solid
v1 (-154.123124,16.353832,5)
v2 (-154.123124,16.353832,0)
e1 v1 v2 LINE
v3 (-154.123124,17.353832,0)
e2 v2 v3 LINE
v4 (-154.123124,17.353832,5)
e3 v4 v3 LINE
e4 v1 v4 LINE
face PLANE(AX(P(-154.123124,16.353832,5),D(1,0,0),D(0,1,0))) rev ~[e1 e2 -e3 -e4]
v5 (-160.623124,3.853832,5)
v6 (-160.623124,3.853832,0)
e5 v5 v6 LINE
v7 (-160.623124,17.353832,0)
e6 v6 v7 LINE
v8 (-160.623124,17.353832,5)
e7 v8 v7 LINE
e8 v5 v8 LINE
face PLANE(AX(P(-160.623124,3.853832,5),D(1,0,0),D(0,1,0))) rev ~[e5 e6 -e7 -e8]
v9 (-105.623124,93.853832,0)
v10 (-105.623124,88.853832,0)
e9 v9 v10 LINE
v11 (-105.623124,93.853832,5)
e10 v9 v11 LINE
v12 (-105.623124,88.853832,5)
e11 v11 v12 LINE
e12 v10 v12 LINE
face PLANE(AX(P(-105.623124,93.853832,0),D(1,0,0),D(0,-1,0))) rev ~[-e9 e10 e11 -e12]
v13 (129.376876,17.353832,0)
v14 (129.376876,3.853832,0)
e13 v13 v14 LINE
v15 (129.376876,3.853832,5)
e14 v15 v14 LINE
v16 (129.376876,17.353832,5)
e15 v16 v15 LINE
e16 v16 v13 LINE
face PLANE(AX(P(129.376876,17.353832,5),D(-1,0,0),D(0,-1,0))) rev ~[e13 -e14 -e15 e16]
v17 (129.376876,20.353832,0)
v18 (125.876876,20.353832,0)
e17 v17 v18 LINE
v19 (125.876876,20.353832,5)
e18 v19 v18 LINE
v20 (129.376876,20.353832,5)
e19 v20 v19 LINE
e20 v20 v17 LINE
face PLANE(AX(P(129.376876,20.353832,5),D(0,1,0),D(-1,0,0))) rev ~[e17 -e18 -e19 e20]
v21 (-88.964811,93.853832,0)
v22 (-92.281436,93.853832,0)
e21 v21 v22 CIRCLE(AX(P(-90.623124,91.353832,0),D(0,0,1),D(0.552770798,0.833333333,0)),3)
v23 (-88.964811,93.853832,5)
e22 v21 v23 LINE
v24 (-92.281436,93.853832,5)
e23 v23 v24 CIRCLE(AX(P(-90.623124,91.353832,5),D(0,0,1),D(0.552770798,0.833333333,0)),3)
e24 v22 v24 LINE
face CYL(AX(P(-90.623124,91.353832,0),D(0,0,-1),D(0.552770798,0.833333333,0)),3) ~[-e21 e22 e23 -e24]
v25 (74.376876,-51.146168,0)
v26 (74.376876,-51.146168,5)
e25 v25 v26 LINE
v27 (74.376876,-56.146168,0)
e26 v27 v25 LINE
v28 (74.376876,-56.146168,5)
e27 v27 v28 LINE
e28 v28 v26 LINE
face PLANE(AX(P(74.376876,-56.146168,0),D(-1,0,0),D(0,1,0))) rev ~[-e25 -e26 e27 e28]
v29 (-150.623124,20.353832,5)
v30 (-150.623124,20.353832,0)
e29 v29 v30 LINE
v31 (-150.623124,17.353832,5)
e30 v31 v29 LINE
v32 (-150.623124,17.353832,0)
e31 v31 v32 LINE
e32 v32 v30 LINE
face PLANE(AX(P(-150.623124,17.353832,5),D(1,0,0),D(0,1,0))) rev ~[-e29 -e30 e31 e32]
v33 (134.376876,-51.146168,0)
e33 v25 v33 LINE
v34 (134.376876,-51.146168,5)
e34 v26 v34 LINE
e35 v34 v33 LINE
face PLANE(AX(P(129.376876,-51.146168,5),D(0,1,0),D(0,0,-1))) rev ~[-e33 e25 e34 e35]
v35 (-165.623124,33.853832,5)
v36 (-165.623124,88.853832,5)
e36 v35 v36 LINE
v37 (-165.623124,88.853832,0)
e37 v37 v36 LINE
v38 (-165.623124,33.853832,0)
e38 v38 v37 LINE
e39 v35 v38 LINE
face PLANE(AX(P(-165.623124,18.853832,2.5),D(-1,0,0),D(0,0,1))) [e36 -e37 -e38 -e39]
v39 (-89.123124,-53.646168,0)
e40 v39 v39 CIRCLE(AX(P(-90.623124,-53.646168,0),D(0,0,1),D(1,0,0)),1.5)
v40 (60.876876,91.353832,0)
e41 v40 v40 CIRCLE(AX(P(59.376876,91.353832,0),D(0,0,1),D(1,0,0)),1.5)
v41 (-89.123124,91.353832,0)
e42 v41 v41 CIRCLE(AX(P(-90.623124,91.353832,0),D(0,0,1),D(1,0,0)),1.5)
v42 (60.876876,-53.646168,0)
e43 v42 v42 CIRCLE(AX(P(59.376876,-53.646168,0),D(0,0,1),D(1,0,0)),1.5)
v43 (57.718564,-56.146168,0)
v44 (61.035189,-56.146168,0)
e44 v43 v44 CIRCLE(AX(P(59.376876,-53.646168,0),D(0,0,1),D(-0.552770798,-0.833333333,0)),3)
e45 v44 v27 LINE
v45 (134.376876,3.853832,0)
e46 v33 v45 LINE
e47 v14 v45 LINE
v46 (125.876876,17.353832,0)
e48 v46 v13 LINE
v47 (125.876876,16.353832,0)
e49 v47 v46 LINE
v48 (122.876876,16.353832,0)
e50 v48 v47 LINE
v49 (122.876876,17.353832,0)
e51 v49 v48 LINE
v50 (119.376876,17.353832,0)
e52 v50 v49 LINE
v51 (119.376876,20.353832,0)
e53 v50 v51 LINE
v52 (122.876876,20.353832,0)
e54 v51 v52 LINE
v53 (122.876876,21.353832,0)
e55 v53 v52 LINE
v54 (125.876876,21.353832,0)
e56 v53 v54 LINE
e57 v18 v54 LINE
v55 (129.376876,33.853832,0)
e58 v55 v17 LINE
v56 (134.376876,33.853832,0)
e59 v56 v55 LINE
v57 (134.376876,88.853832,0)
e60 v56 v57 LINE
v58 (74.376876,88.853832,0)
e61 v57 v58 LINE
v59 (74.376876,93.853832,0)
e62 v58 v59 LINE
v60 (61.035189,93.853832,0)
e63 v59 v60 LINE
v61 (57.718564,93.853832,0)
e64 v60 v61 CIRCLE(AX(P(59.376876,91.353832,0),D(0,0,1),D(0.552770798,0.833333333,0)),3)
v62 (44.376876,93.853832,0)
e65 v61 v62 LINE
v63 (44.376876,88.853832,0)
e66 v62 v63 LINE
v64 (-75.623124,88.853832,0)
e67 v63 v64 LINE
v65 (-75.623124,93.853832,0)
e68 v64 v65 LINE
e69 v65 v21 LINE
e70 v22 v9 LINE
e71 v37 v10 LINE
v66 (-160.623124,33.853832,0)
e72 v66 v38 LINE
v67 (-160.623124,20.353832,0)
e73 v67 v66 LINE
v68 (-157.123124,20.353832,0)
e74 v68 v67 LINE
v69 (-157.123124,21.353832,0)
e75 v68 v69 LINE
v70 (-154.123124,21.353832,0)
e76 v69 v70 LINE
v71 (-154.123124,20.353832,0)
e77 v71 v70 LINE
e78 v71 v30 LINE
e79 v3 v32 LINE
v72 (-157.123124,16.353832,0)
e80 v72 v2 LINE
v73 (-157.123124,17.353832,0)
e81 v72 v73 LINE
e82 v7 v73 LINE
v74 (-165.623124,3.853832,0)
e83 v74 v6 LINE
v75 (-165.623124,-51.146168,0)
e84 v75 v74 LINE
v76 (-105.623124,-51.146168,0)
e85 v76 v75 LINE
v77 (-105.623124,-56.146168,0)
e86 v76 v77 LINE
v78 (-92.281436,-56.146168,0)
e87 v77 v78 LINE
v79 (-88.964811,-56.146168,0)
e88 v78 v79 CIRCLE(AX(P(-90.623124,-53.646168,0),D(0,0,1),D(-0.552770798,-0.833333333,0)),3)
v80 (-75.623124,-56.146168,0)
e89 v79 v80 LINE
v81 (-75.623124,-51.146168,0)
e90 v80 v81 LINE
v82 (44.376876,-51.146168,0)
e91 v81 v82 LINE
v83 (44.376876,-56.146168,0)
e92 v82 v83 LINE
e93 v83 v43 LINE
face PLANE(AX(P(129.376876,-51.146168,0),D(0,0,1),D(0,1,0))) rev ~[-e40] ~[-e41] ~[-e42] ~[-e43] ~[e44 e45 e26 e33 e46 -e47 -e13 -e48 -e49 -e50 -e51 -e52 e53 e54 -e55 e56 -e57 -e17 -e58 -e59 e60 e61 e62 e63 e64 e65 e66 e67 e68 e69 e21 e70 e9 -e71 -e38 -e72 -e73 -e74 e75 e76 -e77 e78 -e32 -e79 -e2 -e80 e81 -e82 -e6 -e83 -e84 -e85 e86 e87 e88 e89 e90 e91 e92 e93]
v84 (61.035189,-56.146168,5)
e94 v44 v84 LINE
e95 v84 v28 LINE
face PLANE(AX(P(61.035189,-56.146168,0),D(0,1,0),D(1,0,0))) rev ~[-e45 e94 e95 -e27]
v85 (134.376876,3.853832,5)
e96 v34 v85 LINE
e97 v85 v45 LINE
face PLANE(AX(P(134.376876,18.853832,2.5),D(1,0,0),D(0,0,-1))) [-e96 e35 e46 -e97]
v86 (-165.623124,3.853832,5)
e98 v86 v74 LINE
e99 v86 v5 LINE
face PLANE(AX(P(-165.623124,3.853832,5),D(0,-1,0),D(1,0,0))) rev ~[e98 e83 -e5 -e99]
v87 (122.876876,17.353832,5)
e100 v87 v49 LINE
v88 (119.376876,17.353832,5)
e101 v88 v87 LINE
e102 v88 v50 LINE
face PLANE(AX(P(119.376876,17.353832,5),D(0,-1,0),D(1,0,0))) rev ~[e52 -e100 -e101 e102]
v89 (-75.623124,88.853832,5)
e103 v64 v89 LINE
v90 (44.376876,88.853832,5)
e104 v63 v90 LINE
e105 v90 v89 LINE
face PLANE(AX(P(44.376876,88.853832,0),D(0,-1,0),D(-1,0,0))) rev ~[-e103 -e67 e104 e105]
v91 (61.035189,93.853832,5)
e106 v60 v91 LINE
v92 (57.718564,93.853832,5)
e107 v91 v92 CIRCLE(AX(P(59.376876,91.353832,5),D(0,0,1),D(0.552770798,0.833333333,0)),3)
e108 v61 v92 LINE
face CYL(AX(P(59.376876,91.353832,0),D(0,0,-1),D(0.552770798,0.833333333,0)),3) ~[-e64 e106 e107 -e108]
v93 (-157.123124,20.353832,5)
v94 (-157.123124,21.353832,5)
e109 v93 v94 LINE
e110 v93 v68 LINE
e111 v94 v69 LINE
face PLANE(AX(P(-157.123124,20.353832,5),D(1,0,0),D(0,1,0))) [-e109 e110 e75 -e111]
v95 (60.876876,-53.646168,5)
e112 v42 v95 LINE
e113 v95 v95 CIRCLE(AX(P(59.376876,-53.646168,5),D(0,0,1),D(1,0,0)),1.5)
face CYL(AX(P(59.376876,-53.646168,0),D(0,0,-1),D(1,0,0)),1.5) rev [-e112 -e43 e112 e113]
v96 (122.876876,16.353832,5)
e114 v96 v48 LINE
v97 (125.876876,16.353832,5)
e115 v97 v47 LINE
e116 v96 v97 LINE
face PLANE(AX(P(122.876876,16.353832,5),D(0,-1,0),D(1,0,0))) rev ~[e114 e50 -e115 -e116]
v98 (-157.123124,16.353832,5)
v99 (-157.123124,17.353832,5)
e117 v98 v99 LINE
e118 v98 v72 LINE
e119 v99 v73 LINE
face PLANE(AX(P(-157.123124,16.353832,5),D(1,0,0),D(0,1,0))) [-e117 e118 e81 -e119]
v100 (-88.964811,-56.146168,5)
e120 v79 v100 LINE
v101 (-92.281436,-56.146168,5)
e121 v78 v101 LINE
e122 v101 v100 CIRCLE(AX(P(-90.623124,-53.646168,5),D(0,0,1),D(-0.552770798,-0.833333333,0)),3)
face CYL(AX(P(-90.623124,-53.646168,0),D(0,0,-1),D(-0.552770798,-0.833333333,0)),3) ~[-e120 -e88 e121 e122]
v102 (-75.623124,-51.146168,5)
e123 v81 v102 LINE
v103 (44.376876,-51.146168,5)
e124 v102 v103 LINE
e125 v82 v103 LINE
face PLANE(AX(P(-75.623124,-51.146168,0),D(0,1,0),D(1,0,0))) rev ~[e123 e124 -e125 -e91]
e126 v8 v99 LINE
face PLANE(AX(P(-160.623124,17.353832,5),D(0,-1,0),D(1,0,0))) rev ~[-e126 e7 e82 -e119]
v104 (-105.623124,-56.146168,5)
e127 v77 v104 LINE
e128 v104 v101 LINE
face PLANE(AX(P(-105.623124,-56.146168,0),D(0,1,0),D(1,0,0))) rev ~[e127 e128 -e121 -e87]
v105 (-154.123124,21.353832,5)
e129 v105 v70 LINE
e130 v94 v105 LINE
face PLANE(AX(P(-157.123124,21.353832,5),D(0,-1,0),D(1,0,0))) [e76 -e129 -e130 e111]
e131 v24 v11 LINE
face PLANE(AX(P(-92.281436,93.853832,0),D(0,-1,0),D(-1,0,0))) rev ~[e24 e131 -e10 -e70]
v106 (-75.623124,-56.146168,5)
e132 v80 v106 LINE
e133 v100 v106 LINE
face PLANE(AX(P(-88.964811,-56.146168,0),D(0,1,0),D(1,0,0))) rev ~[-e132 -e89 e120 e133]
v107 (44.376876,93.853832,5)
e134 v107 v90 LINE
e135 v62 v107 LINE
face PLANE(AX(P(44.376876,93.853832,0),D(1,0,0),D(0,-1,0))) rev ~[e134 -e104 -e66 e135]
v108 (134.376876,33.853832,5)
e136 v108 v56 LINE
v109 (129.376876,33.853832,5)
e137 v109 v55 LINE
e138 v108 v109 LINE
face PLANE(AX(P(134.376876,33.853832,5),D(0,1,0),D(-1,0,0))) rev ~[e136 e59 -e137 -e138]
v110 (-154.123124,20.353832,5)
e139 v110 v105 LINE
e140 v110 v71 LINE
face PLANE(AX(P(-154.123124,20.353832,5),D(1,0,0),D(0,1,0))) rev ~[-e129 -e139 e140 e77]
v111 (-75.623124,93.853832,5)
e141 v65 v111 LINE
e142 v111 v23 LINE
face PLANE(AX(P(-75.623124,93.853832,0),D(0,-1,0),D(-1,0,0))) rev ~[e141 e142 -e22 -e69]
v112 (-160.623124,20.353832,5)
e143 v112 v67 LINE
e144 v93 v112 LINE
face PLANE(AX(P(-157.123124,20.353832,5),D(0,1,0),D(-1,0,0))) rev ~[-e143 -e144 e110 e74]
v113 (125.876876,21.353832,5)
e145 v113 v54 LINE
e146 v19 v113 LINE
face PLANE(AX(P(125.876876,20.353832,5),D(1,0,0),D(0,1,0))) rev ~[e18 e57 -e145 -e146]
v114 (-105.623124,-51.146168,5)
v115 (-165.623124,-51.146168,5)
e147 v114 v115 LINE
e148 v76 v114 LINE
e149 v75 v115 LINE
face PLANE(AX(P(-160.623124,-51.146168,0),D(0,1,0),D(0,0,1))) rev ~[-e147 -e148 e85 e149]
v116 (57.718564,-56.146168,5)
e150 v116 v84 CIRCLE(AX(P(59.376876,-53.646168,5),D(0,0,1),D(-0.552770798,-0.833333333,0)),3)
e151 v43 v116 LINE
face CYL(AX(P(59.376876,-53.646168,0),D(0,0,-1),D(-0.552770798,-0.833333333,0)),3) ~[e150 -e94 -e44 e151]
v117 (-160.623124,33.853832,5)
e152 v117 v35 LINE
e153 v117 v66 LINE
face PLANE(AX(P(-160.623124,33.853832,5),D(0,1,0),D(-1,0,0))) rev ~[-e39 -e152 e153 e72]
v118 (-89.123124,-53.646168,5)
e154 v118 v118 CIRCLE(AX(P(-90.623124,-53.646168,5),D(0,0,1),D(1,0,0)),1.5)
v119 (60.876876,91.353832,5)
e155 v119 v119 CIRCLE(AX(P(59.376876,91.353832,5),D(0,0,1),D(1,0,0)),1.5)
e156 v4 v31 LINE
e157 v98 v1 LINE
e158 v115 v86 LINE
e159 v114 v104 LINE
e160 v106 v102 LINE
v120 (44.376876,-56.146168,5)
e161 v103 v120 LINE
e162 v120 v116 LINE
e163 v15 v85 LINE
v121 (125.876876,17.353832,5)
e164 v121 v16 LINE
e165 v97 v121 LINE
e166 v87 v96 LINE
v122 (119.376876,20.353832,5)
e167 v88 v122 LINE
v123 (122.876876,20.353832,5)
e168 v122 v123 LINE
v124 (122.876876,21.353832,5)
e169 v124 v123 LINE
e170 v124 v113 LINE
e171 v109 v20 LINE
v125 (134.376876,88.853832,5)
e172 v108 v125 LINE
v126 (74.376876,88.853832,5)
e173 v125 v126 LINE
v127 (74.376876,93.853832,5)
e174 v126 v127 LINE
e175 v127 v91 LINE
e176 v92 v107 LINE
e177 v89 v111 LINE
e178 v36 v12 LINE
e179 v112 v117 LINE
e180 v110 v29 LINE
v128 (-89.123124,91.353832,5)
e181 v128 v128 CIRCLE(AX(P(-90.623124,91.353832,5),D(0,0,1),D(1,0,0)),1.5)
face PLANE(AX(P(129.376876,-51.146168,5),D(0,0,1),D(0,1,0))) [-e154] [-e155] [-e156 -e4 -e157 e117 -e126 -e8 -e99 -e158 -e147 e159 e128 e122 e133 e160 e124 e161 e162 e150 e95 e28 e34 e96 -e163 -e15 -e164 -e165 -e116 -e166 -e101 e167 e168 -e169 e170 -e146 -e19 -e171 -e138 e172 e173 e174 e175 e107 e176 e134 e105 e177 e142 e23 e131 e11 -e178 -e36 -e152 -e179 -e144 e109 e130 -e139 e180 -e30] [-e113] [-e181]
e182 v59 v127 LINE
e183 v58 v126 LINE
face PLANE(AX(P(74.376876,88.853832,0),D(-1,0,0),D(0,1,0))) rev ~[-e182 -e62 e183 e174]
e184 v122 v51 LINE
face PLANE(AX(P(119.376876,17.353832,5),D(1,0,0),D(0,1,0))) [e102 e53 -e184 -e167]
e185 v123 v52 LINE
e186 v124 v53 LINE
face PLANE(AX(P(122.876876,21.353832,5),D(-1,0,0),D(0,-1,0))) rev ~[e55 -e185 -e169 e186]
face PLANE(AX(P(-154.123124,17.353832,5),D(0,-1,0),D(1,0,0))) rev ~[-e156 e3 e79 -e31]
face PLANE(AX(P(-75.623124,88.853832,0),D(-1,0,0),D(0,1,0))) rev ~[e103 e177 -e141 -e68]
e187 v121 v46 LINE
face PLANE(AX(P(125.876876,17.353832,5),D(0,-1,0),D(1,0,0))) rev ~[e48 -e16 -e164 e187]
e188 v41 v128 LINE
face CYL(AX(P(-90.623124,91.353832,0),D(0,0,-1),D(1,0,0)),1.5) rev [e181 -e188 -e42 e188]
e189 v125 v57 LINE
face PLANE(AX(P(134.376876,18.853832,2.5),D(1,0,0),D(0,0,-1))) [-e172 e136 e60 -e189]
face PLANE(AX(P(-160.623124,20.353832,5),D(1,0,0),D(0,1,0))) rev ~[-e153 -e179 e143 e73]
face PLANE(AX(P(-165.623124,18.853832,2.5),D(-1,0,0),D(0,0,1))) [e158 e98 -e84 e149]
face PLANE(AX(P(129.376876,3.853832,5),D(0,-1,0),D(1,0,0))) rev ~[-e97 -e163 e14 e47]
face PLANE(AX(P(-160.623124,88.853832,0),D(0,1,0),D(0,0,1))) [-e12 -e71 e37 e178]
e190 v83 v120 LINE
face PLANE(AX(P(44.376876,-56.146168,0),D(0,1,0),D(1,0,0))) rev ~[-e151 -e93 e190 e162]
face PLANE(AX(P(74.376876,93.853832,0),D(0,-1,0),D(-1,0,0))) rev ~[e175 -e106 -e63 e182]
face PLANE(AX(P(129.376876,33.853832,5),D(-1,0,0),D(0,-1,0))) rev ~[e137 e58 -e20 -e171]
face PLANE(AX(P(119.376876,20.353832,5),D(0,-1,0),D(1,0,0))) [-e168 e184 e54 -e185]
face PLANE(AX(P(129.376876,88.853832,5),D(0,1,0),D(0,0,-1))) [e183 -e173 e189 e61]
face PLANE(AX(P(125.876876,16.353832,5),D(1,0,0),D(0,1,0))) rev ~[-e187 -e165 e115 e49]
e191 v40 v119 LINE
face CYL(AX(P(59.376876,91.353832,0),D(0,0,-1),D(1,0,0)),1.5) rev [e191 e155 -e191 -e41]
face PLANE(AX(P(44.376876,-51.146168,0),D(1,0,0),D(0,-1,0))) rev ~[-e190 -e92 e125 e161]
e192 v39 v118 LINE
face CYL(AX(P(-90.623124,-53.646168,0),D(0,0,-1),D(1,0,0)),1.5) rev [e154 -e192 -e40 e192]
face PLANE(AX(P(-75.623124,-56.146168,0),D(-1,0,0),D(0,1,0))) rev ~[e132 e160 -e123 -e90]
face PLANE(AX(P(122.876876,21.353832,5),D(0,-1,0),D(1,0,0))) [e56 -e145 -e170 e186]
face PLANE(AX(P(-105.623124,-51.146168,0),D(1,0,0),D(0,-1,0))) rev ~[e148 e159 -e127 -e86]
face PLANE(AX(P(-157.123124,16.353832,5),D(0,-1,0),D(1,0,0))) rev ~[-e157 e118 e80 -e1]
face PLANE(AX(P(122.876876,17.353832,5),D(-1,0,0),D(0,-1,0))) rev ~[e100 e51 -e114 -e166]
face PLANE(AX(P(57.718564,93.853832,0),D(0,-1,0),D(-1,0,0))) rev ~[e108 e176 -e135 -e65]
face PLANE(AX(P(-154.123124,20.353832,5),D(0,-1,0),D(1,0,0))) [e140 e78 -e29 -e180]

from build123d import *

# Parameters (mm, degrees)
ESQUISSE1_R             = 1.5
BOSS_EXTRU_2_DEPTH      = 5
ESQUISSE2_W             = 5
ESQUISSE2_H             = 140
BOSS_EXTRU_3_DEPTH      = 5
ESQUISSE3_W             = 5
ESQUISSE3_H             = 140
BOSS_EXTRU_4_DEPTH      = 5
ESQUISSE4_W             = 3.5
ESQUISSE4_H             = 3
ESQUISSE4_W_2           = 3
ESQUISSE4_H_2           = 1
ENL_V_MAT_EXTRU_1_DEPTH = 10


with BuildPart() as part:
    # Esquisse1 → Boss.-Extru.2 (new body)
    with BuildSketch(Plane.XY):
        with BuildLine():
            Line((-160.623123651, 88.85383225), (-160.623123651, -51.14616775))
            Line((-160.623123651, -51.14616775), (-105.623123651, -51.14616775))
            Line((-105.623123651, -51.14616775), (-105.623123651, -56.14616775))
            Line((-105.623123651, -56.14616775), (-92.281436046, -56.14616775))
            ThreePointArc((-92.281436046, -56.14616775), (-90.623123651, -56.64616775), (-88.964811256, -56.14616775))
            Line((-88.964811256, -56.14616775), (-75.623123651, -56.14616775))
            Line((-75.623123651, -56.14616775), (-75.623123651, -51.14616775))
            Line((-75.623123651, -51.14616775), (44.376876349, -51.14616775))
            Line((44.376876349, -51.14616775), (44.376876349, -56.14616775))
            Line((44.376876349, -56.14616775), (57.718563954, -56.14616775))
            ThreePointArc((57.718563954, -56.14616775), (59.376876349, -56.64616775), (61.035188744, -56.14616775))
            Line((61.035188744, -56.14616775), (74.376876349, -56.14616775))
            Line((74.376876349, -56.14616775), (74.376876349, -51.14616775))
            Line((74.376876349, -51.14616775), (129.376876349, -51.14616775))
            Line((129.376876349, -51.14616775), (129.376876349, 88.85383225))
            Line((129.376876349, 88.85383225), (74.376876349, 88.85383225))
            Line((74.376876349, 88.85383225), (74.376876349, 93.85383225))
            Line((74.376876349, 93.85383225), (61.035188744, 93.85383225))
            ThreePointArc((61.035188744, 93.85383225), (59.376876349, 94.35383225), (57.718563954, 93.85383225))
            Line((57.718563954, 93.85383225), (44.376876349, 93.85383225))
            Line((44.376876349, 93.85383225), (44.376876349, 88.85383225))
            Line((44.376876349, 88.85383225), (-75.623123651, 88.85383225))
            Line((-75.623123651, 88.85383225), (-75.623123651, 93.85383225))
            Line((-75.623123651, 93.85383225), (-88.964811256, 93.85383225))
            ThreePointArc((-88.964811256, 93.85383225), (-90.623123651, 94.35383225), (-92.281436046, 93.85383225))
            Line((-92.281436046, 93.85383225), (-105.623123651, 93.85383225))
            Line((-105.623123651, 93.85383225), (-105.623123651, 88.85383225))
            Line((-105.623123651, 88.85383225), (-160.623123651, 88.85383225))
        make_face()
        with Locations((-90.623123651, -53.64616775)):
            Circle(ESQUISSE1_R, mode=Mode.SUBTRACT)
        with Locations((59.376876349, -53.64616775)):
            Circle(ESQUISSE1_R, mode=Mode.SUBTRACT)
        with Locations((-90.623123651, 91.35383225)):
            Circle(ESQUISSE1_R, mode=Mode.SUBTRACT)
        with Locations((59.376876349, 91.35383225)):
            Circle(ESQUISSE1_R, mode=Mode.SUBTRACT)
    extrude(amount=BOSS_EXTRU_2_DEPTH)

    # Esquisse2 → Boss.-Extru.3 (add)
    with BuildSketch(Plane.ZY.offset(160.623123651)):
        with Locations((2.5, 18.85383225)):
            Rectangle(ESQUISSE2_W, ESQUISSE2_H)
    extrude(amount=BOSS_EXTRU_3_DEPTH)

    # Esquisse3 → Boss.-Extru.4 (add)
    with BuildSketch(Plane(origin=(129.376876349, 0, 0), x_dir=(0, 0, -1), z_dir=(1, 0, 0))):
        with Locations((-2.5, 18.85383225)):
            Rectangle(ESQUISSE3_W, ESQUISSE3_H)
    extrude(amount=BOSS_EXTRU_4_DEPTH)

    # Esquisse4 → Enlèv. mat.-Extru.1 (cut)
    with BuildSketch(Plane.XY.offset(5)):
        Polygon((-165.623123651, 33.85383225), (-165.623123651, 3.85383225), (-160.623123651, 3.85383225), (-160.623123651, 17.35383225), (-160.623123651, 20.35383225), (-160.623123651, 33.85383225), align=None)
        with Locations((-158.873123651, 18.85383225)):
            Rectangle(ESQUISSE4_W, ESQUISSE4_H)
        with Locations((-155.623123651, 18.85383225)):
            Rectangle(ESQUISSE4_W_2, ESQUISSE4_H)
        with Locations((-155.623123651, 20.85383225)):
            Rectangle(ESQUISSE4_W_2, ESQUISSE4_H_2)
        with Locations((-155.623123651, 16.85383225)):
            Rectangle(ESQUISSE4_W_2, ESQUISSE4_H_2)
        with Locations((-152.373123651, 18.85383225)):
            Rectangle(ESQUISSE4_W, ESQUISSE4_H)
        Polygon((129.376876349, 20.35383225), (129.376876349, 17.35383225), (129.376876349, 3.85383225), (134.376876349, 3.85383225), (134.376876349, 33.85383225), (129.376876349, 33.85383225), align=None)
        with Locations((127.626876349, 18.85383225)):
            Rectangle(ESQUISSE4_W, ESQUISSE4_H)
        with Locations((124.376876349, 18.85383225)):
            Rectangle(ESQUISSE4_W_2, ESQUISSE4_H)
        with Locations((124.376876349, 20.85383225)):
            Rectangle(ESQUISSE4_W_2, ESQUISSE4_H_2)
        with Locations((124.376876349, 16.85383225)):
            Rectangle(ESQUISSE4_W_2, ESQUISSE4_H_2)
        with Locations((121.126876349, 18.85383225)):
            Rectangle(ESQUISSE4_W, ESQUISSE4_H)
    extrude(amount=-ENL_V_MAT_EXTRU_1_DEPTH, mode=Mode.SUBTRACT)


solid = part.part
